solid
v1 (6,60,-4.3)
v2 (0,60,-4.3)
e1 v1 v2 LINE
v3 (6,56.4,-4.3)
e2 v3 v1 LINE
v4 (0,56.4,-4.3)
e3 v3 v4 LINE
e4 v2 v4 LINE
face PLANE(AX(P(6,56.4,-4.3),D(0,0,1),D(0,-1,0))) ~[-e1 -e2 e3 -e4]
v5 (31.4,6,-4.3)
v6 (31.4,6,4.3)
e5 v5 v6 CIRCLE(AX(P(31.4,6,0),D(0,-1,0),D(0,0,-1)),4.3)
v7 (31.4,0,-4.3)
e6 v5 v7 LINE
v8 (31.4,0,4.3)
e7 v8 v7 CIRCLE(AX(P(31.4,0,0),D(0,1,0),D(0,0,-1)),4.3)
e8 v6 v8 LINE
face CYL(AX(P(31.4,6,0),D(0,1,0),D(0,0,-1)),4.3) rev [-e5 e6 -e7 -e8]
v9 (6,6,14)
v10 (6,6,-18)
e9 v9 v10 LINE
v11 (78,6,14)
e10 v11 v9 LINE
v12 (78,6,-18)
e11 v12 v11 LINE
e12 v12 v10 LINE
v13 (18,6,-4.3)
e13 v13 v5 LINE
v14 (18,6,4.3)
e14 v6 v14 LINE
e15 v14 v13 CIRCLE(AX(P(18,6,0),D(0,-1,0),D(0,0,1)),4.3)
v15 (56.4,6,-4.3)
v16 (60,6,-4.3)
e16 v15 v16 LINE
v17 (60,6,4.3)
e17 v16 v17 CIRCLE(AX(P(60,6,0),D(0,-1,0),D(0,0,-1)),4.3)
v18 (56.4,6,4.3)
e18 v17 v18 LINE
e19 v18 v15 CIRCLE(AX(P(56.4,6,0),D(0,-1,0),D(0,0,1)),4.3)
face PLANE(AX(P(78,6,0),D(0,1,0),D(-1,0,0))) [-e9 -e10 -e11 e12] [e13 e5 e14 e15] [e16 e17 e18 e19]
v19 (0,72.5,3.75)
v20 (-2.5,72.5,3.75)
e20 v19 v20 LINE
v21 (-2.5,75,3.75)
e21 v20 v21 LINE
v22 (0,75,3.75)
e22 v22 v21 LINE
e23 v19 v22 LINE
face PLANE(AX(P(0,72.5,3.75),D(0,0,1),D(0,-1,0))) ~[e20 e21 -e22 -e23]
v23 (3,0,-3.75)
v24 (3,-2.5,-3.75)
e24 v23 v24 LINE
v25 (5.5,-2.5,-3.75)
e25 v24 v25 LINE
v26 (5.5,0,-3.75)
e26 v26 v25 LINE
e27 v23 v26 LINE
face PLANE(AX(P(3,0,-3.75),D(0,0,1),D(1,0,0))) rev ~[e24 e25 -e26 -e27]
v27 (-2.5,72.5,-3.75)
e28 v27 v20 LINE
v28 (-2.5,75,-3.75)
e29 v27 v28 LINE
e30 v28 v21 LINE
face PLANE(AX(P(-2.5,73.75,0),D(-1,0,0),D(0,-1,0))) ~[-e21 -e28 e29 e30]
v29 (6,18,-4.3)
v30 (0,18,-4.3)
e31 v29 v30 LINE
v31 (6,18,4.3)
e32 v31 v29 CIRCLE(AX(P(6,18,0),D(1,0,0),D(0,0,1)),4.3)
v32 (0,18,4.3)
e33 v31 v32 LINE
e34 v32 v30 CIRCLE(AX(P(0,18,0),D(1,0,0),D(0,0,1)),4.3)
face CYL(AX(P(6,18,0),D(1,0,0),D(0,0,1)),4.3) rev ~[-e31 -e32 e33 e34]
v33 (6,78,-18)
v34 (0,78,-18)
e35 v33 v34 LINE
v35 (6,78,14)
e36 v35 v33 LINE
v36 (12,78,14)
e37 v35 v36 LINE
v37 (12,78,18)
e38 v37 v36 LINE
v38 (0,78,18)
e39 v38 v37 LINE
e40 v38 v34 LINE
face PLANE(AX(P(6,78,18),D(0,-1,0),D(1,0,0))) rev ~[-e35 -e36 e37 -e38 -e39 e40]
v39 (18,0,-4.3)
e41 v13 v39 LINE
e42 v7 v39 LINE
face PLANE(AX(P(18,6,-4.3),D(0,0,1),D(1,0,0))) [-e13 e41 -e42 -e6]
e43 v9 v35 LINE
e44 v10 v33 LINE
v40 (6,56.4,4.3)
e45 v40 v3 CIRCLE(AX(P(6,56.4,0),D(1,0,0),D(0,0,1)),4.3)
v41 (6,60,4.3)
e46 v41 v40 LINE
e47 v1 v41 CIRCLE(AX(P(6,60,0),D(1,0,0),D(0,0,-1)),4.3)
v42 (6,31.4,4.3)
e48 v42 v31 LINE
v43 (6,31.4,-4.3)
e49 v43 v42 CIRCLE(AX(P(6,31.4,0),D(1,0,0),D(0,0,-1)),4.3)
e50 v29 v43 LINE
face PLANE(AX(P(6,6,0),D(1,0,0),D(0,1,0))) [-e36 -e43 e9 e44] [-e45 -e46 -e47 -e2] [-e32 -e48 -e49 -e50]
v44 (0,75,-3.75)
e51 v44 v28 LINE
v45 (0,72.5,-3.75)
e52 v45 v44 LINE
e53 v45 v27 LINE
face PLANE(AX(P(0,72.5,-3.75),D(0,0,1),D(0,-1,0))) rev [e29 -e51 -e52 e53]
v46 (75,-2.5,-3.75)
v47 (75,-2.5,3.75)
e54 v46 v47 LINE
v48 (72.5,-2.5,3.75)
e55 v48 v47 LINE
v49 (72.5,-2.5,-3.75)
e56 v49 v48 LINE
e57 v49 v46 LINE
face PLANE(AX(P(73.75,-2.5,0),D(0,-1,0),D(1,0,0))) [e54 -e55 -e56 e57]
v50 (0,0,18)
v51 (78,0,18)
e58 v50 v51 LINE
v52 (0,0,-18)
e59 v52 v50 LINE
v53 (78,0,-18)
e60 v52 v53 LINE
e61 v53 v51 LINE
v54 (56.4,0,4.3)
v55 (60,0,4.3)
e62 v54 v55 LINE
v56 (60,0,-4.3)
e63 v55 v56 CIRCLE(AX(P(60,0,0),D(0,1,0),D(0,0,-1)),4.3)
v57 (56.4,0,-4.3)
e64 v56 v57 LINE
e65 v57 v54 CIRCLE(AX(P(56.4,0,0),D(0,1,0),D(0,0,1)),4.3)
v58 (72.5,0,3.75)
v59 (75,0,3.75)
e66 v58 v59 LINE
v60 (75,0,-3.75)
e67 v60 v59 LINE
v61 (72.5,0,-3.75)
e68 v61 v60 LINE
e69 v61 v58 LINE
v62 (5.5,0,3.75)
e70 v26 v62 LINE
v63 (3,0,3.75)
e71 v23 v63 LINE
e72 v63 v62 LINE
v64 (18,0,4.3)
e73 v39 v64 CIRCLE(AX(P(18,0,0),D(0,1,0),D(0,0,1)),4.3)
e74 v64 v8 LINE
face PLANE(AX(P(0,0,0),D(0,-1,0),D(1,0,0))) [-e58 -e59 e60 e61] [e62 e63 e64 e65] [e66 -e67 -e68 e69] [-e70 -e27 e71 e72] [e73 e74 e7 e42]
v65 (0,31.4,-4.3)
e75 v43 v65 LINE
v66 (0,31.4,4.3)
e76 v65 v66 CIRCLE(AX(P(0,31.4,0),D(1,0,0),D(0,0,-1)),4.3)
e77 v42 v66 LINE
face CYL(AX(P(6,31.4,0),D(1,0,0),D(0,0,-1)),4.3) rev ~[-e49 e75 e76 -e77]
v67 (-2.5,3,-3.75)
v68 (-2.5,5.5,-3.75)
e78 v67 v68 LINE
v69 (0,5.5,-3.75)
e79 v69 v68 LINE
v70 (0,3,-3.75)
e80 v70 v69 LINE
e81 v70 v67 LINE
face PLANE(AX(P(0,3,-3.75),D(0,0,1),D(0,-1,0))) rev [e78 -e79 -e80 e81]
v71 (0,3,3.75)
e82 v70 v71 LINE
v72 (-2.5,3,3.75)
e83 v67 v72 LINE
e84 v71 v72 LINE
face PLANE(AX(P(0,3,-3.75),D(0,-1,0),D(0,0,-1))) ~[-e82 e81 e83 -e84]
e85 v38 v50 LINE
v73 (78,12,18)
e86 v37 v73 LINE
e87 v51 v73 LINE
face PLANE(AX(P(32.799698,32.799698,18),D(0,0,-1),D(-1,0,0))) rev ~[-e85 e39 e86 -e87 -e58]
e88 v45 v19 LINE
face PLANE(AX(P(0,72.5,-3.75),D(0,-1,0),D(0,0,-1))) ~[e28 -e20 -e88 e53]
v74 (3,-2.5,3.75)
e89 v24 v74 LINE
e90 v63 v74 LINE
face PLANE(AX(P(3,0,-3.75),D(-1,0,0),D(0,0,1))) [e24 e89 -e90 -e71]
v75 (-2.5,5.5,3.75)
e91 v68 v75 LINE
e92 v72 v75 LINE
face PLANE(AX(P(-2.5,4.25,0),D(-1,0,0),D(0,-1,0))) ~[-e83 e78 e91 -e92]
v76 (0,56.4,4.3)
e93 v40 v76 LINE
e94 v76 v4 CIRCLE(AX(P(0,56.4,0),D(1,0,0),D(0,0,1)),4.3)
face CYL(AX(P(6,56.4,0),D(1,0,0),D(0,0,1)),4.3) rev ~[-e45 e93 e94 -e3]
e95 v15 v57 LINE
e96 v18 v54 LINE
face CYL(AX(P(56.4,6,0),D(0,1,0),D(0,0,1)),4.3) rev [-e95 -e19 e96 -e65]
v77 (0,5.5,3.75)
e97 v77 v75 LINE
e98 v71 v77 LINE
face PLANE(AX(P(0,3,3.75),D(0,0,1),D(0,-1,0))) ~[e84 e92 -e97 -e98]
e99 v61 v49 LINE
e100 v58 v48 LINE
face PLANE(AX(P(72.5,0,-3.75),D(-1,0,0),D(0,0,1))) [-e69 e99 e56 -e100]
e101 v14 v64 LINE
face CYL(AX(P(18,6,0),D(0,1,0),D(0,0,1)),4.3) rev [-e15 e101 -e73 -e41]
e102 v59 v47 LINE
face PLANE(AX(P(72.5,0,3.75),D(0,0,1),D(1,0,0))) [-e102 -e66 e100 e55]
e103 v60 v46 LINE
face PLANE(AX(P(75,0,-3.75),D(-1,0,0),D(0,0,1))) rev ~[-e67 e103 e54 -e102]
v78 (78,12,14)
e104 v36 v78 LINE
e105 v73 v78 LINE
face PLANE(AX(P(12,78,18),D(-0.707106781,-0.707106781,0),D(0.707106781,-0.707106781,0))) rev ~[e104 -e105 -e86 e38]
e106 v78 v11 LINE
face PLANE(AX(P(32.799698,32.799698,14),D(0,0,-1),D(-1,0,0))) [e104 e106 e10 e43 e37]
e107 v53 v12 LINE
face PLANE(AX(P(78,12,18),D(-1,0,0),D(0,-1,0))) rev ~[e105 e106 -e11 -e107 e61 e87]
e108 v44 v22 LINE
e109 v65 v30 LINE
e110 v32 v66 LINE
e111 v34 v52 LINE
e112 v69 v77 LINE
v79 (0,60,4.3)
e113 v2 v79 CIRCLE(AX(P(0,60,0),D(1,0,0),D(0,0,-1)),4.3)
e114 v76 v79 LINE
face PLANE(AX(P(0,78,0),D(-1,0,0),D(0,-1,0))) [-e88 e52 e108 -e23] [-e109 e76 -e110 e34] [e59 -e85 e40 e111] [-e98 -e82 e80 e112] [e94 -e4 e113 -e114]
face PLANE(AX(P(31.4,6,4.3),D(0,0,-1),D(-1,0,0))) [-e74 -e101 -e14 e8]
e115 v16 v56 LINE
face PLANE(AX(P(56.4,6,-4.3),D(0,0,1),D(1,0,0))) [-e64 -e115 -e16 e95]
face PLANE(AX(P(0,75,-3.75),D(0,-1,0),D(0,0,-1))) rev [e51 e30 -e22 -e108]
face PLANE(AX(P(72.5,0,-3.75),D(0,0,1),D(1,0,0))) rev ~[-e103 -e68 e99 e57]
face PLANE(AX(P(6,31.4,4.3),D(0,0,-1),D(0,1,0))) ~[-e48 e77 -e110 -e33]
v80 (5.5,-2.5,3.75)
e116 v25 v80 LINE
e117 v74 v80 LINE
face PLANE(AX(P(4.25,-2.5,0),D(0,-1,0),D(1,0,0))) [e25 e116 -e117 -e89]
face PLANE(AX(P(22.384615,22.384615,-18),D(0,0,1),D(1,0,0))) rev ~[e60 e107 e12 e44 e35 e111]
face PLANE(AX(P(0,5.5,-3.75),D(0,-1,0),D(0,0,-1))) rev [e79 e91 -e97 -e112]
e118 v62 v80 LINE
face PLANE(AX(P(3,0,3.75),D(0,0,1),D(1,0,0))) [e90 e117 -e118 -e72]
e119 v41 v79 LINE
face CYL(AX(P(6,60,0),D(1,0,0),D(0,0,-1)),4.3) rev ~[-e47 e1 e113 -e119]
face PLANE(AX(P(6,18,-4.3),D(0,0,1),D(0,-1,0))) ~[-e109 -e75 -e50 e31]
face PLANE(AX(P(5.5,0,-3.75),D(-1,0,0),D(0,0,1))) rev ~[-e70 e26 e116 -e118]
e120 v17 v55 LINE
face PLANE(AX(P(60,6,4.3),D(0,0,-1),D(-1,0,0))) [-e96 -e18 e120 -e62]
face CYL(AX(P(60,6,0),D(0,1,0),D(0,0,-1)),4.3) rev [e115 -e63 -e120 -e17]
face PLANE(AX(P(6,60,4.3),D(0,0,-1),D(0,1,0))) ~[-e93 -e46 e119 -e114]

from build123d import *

# Parameters (mm, degrees)
EXTRUDE_1_DEPTH     = 18
EXTRUDE_2_DEPTH     = 4
CUT_EXTRUDE_1_DEPTH = 7
SKETCH_4_W          = 2.5
SKETCH_4_H          = 7.5
EXTRUDE_3_DEPTH     = 2.5


with BuildPart() as part:
    # Эскиз1 → Бобышка-Вытянуть1 (new body, symmetric)
    with BuildSketch(Plane.XY):
        Polygon((0, 78), (0, 0), (78, 0), (78, 6), (6, 6), (6, 78), align=None)
    extrude(amount=EXTRUDE_1_DEPTH, both=True)

    # Эскиз2 → Бобышка-Вытянуть2 (add)
    with BuildSketch(Plane.XY.offset(18)):
        Polygon((78, 6), (6, 6), (6, 78), (12, 78), (78, 12), align=None)
    extrude(amount=-EXTRUDE_2_DEPTH)

    # Эскиз3 → Вырез-Вытянуть1 (cut, through all)
    with BuildSketch(Plane(origin=(0, 6, 0), x_dir=(1, 0, 0), z_dir=(0, 1, 0))):
        with BuildLine():
            Line((18, 4.3), (31.4, 4.3))
            ThreePointArc((31.4, 4.3), (35.7, 0), (31.4, -4.3))
            Line((31.4, -4.3), (18, -4.3))
            ThreePointArc((18, -4.3), (13.7, 0), (18, 4.3))
        make_face()
        with BuildLine():
            Line((56.4, 4.3), (60, 4.3))
            ThreePointArc((60, 4.3), (64.3, 0), (60, -4.3))
            Line((60, -4.3), (56.4, -4.3))
            ThreePointArc((56.4, -4.3), (52.1, 0), (56.4, 4.3))
        make_face()
    cut_extrude_1 = extrude(amount=-CUT_EXTRUDE_1_DEPTH, mode=Mode.SUBTRACT)

    # Эскиз4 → Бобышка-Вытянуть3 (add)
    with BuildSketch(Plane.XZ):
        with Locations((4.25, 0)):
            Rectangle(SKETCH_4_W, SKETCH_4_H)
        with Locations((73.75, 0)):
            Rectangle(SKETCH_4_W, SKETCH_4_H)
    extrude_3 = extrude(amount=EXTRUDE_3_DEPTH)

    # Зеркальное отражение3: Вырез-Вытянуть1, Бобышка-Вытянуть3 across plane
    add(cut_extrude_1.mirror(Plane(origin=(0, 0, 0), x_dir=(0, 0, 1), z_dir=(-0.707106781, 0.707106781, 0))), mode=Mode.SUBTRACT)
    add(extrude_3.mirror(Plane(origin=(0, 0, 0), x_dir=(0, 0, 1), z_dir=(-0.707106781, 0.707106781, 0))))


solid = part.part
